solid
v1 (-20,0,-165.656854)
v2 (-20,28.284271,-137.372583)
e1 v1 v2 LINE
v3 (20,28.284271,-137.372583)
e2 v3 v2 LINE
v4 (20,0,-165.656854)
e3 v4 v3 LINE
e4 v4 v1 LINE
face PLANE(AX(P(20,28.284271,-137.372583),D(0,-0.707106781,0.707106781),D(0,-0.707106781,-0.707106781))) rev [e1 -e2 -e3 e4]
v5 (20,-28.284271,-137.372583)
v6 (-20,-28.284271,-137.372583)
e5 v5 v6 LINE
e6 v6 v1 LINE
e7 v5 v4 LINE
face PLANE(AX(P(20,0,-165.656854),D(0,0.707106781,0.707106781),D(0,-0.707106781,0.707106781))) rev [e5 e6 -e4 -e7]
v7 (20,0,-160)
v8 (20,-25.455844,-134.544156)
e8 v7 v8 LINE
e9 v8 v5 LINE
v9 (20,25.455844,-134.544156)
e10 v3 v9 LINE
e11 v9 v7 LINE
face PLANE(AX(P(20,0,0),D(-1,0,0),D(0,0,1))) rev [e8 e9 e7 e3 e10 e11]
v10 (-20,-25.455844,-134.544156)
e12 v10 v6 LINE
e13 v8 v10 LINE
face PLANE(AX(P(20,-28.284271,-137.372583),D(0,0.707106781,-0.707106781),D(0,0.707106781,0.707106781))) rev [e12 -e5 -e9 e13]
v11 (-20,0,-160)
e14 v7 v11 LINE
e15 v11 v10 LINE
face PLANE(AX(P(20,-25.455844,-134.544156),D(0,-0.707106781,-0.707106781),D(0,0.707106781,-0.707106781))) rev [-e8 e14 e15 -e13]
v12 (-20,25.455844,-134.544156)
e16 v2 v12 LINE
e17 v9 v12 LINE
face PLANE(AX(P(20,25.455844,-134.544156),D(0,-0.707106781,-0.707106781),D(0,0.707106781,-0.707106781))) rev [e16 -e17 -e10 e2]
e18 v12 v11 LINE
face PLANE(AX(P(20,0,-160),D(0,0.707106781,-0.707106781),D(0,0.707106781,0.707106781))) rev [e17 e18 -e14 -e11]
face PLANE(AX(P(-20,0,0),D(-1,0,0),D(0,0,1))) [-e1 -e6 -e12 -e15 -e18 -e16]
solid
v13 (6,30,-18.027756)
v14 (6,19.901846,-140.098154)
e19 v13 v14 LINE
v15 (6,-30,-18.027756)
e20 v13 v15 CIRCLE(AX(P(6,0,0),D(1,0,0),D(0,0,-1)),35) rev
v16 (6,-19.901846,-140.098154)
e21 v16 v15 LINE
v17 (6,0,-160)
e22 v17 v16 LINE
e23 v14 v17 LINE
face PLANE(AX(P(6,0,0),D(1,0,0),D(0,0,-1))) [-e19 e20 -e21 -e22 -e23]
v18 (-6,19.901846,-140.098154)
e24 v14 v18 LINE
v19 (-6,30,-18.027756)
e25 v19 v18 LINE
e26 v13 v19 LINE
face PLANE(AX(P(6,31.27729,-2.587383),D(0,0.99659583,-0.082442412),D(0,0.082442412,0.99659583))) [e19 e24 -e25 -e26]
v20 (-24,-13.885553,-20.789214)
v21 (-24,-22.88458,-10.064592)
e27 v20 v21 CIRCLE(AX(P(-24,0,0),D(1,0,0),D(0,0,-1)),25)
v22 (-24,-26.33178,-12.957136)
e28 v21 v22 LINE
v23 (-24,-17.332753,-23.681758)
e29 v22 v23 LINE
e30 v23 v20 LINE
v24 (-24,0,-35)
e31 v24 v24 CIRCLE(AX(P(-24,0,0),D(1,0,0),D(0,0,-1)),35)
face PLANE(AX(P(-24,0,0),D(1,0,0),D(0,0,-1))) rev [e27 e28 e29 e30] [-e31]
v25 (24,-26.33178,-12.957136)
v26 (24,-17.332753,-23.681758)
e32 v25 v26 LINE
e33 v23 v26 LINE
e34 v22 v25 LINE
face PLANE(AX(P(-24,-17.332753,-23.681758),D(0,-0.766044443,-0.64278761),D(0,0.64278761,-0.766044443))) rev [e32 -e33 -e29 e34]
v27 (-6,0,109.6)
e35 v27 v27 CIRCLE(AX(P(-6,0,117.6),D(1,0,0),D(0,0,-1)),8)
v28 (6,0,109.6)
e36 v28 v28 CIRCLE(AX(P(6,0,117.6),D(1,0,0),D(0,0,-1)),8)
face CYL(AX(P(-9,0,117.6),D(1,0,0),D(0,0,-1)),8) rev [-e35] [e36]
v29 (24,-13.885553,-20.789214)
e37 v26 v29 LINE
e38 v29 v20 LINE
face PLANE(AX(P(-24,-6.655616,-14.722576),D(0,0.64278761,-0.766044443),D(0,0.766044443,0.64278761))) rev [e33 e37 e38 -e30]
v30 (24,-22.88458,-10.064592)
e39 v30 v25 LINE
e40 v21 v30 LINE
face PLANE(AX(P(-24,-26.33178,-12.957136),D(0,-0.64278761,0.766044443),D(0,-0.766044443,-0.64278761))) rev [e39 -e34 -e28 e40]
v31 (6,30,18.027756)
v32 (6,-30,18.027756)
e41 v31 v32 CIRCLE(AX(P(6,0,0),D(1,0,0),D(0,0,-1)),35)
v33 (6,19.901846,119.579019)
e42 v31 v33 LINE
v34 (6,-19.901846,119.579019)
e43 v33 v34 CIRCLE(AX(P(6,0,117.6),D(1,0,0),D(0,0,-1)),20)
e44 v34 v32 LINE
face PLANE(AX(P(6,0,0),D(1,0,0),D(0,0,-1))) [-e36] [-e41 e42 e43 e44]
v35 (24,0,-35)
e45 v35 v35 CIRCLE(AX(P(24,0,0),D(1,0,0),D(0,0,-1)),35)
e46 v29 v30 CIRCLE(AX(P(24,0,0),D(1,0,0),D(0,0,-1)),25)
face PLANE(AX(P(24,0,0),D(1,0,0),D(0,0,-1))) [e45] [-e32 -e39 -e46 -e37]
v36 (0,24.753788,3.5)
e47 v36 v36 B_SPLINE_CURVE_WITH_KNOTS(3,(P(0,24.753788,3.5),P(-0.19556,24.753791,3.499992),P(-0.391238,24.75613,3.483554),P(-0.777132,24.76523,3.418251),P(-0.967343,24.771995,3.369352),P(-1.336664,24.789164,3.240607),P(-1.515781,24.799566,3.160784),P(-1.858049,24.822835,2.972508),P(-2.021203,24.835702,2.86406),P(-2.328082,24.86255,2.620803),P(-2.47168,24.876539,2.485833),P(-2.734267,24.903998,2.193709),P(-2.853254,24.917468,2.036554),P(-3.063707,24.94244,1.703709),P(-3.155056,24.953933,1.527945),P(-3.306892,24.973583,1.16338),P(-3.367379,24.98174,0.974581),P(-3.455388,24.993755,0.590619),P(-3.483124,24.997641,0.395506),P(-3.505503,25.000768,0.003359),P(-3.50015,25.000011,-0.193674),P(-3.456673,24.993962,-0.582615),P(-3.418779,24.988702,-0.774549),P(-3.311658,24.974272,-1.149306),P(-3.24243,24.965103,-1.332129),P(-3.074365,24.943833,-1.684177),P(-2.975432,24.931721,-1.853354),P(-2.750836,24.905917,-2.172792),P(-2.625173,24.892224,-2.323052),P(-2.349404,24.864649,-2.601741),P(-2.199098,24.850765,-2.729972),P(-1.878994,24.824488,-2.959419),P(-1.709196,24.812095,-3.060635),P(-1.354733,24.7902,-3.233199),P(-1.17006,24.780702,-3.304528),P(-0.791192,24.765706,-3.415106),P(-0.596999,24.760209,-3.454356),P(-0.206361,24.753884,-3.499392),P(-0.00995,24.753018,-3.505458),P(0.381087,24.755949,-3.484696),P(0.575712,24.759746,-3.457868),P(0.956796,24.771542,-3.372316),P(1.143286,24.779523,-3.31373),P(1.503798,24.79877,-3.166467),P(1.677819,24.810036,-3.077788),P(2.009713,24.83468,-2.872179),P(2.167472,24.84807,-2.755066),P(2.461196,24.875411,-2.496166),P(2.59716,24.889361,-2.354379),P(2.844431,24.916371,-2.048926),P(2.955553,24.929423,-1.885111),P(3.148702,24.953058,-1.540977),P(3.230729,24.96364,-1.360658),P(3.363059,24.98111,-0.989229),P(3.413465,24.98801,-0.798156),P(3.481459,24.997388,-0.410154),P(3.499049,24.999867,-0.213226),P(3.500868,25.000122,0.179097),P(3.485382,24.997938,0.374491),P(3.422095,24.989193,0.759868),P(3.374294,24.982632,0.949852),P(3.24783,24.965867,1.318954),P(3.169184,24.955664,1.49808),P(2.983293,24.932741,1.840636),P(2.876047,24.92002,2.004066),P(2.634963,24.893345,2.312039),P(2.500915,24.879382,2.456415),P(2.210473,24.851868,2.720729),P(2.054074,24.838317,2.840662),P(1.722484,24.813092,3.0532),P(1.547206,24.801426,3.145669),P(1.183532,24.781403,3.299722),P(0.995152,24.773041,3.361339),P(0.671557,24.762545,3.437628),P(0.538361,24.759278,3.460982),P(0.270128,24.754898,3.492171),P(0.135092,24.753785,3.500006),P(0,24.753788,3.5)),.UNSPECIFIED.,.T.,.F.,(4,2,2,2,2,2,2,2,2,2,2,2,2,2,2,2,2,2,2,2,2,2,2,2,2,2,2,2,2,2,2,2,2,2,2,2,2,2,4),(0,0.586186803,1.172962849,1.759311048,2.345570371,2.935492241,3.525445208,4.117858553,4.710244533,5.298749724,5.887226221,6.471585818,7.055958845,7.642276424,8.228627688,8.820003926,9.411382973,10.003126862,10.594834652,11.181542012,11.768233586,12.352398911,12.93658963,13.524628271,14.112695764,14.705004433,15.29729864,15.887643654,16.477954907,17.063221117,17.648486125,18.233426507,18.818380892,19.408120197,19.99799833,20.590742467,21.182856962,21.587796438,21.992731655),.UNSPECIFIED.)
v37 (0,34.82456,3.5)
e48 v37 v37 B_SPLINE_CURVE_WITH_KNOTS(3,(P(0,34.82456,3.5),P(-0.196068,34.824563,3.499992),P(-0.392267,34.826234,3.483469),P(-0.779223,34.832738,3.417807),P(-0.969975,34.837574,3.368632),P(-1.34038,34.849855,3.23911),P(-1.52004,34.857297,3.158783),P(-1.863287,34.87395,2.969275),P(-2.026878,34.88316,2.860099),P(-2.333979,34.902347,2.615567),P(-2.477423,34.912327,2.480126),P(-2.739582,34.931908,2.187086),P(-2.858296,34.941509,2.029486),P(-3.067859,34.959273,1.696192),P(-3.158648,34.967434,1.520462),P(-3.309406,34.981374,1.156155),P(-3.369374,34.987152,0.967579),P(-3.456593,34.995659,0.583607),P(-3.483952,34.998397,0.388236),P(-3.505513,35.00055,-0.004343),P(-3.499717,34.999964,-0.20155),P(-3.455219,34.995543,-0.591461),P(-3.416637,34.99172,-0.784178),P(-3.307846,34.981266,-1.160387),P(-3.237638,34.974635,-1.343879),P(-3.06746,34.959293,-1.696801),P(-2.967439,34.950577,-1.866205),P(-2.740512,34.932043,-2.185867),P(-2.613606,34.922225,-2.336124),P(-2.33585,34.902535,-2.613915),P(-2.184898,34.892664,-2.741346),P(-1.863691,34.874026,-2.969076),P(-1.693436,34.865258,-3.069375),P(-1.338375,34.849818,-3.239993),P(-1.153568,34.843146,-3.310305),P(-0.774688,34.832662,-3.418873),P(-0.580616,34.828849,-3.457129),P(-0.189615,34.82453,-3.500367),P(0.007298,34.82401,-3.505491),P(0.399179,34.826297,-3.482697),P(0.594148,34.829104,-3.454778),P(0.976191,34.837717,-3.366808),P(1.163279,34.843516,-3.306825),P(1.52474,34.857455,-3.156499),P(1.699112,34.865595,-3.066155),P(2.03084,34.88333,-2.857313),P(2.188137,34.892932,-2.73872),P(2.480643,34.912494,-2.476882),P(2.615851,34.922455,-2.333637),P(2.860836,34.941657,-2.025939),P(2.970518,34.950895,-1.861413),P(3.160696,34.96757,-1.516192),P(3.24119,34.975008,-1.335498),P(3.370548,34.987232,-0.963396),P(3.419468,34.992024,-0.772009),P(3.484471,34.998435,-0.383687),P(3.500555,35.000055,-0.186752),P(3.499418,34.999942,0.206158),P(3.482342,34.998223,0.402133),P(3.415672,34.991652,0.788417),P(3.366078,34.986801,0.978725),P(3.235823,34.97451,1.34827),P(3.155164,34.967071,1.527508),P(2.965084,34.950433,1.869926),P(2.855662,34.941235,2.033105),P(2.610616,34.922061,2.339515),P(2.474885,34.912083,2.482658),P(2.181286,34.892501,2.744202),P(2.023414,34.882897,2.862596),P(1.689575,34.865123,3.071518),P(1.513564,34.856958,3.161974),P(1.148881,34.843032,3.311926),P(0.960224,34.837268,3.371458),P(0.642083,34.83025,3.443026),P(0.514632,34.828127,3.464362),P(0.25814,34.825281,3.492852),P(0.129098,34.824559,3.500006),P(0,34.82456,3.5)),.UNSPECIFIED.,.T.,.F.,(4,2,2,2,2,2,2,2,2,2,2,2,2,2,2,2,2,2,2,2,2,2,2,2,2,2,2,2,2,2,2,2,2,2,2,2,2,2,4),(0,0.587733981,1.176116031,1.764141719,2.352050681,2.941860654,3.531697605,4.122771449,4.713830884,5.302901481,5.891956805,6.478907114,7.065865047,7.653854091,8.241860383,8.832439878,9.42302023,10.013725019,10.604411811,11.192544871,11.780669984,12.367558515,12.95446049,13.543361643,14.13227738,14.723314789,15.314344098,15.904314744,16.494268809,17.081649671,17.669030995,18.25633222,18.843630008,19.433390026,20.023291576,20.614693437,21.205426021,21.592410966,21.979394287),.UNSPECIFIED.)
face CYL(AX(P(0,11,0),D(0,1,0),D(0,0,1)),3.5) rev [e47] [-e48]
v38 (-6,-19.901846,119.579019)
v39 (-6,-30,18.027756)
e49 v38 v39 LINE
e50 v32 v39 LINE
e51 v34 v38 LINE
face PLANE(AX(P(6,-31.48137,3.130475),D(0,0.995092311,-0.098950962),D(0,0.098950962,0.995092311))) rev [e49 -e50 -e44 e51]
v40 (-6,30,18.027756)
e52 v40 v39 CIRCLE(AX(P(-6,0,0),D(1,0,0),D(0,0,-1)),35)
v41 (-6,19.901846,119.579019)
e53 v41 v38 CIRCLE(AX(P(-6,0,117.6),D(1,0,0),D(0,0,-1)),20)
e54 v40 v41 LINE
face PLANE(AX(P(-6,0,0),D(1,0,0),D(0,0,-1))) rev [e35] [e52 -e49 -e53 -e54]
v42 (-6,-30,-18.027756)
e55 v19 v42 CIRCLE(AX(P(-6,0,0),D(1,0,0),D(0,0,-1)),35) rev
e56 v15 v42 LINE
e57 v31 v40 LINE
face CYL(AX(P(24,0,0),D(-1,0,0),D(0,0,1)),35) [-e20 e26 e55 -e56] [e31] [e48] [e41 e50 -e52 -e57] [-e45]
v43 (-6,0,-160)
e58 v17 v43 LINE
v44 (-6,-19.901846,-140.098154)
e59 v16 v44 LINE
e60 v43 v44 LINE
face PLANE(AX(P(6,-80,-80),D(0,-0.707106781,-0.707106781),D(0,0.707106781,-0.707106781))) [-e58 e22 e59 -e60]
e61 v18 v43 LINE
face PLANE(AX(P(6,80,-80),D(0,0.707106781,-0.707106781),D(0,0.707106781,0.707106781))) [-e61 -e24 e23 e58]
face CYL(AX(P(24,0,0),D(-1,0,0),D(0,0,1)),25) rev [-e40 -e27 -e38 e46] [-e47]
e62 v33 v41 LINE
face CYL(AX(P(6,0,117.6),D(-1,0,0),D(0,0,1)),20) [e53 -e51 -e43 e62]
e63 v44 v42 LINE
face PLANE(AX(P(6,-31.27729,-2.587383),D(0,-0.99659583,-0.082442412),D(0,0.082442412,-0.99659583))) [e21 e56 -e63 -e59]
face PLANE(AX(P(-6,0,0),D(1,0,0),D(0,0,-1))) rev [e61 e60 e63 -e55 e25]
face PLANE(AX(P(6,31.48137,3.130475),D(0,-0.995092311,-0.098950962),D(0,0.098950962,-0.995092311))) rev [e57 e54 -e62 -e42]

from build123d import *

# Parameters (mm, degrees)
SKETCH1_R           = 35
SKETCH1_R_2         = 25
BOSS_EXTRUDE1_DEPTH = 24
BOSS_EXTRUDE2_DEPTH = 6
SKETCH3_R           = 8
CUT_EXTRUDE1_DEPTH  = 15
CUT_EXTRUDE2_DEPTH  = 171.672200431
SKETCH6_R           = 3.5
CUT_EXTRUDE3_DEPTH  = 24
BOSS_EXTRUDE4_DEPTH = 20


with BuildPart() as part:
    # Sketch1 → Boss-Extrude1 (new, symmetric)
    with BuildSketch(Plane(origin=(0, 0, 0), x_dir=(0, 0, -1), z_dir=(1, 0, 0))):
        Circle(SKETCH1_R)
        Circle(SKETCH1_R_2, mode=Mode.SUBTRACT)
    extrude(amount=BOSS_EXTRUDE1_DEPTH, both=True)

    # Sketch2 → Boss-Extrude2 (add, symmetric)
    with BuildSketch(Plane(origin=(0, 0, 0), x_dir=(0, 0, -1), z_dir=(1, 0, 0))):
        with BuildLine():
            ThreePointArc((-18.027756377, -30), (-35, 0), (-18.027756377, 30))
            Line((-18.027756377, 30), (-119.579019246, 19.901846216))
            ThreePointArc((-119.579019246, 19.901846216), (-137.6, 0), (-119.579019246, -19.901846216))
            Line((-119.579019246, -19.901846216), (-18.027756377, -30))
        make_face()
        with BuildLine():
            Line((140.098153784, 19.901846216), (18.027756377, 30))
            ThreePointArc((18.027756377, 30), (35, 0), (18.027756377, -30))
            Line((18.027756377, -30), (140.098153784, -19.901846216))
            Line((140.098153784, -19.901846216), (160, 0))
            Line((160, 0), (140.098153784, 19.901846216))
        make_face()
    extrude(amount=BOSS_EXTRUDE2_DEPTH, both=True)

    # Sketch3 → Cut-Extrude1 (cut)
    with BuildSketch(Plane(origin=(6, 0, 0), x_dir=(0, 0, -1), z_dir=(1, 0, 0))):
        with Locations((-117.6, 0)):
            Circle(SKETCH3_R)
    extrude(amount=-CUT_EXTRUDE1_DEPTH, mode=Mode.SUBTRACT)

    # Sketch5 → Cut-Extrude2 (cut, through all)
    with BuildSketch(Plane(origin=(24, 0, 0), x_dir=(0, 0, -1), z_dir=(1, 0, 0))):
        Polygon((23.681757978, -17.332753361), (12.957135774, -26.331779897), (3.997953594, -15.654642346), (14.722575797, -6.655615811), align=None)
    extrude(amount=-CUT_EXTRUDE2_DEPTH, mode=Mode.SUBTRACT)

    # Sketch6 → Cut-Extrude3 (cut)
    with BuildSketch(Plane(origin=(0, 35, 0), x_dir=(-1, 0, 0), z_dir=(0, 1, 0))):
        with Locations(Location((0, 0, 0), (0, 0, 90))):
            Circle(SKETCH6_R)
    extrude(amount=-CUT_EXTRUDE3_DEPTH, mode=Mode.SUBTRACT)


with BuildPart() as body_2:
    # Sketch11 → Boss-Extrude4 (new, symmetric)
    with BuildSketch(Plane(origin=(0, 0, 0), x_dir=(0, 0, -1), z_dir=(1, 0, 0))):
        Polygon((134.544155877, -25.455844123), (160, 0), (134.544155877, 25.455844123), (137.372583002, 28.284271247), (165.656854249, 0), (137.372583002, -28.284271247), align=None)
    extrude(amount=BOSS_EXTRUDE4_DEPTH, both=True)


solid = Compound([part.part, body_2.part])
